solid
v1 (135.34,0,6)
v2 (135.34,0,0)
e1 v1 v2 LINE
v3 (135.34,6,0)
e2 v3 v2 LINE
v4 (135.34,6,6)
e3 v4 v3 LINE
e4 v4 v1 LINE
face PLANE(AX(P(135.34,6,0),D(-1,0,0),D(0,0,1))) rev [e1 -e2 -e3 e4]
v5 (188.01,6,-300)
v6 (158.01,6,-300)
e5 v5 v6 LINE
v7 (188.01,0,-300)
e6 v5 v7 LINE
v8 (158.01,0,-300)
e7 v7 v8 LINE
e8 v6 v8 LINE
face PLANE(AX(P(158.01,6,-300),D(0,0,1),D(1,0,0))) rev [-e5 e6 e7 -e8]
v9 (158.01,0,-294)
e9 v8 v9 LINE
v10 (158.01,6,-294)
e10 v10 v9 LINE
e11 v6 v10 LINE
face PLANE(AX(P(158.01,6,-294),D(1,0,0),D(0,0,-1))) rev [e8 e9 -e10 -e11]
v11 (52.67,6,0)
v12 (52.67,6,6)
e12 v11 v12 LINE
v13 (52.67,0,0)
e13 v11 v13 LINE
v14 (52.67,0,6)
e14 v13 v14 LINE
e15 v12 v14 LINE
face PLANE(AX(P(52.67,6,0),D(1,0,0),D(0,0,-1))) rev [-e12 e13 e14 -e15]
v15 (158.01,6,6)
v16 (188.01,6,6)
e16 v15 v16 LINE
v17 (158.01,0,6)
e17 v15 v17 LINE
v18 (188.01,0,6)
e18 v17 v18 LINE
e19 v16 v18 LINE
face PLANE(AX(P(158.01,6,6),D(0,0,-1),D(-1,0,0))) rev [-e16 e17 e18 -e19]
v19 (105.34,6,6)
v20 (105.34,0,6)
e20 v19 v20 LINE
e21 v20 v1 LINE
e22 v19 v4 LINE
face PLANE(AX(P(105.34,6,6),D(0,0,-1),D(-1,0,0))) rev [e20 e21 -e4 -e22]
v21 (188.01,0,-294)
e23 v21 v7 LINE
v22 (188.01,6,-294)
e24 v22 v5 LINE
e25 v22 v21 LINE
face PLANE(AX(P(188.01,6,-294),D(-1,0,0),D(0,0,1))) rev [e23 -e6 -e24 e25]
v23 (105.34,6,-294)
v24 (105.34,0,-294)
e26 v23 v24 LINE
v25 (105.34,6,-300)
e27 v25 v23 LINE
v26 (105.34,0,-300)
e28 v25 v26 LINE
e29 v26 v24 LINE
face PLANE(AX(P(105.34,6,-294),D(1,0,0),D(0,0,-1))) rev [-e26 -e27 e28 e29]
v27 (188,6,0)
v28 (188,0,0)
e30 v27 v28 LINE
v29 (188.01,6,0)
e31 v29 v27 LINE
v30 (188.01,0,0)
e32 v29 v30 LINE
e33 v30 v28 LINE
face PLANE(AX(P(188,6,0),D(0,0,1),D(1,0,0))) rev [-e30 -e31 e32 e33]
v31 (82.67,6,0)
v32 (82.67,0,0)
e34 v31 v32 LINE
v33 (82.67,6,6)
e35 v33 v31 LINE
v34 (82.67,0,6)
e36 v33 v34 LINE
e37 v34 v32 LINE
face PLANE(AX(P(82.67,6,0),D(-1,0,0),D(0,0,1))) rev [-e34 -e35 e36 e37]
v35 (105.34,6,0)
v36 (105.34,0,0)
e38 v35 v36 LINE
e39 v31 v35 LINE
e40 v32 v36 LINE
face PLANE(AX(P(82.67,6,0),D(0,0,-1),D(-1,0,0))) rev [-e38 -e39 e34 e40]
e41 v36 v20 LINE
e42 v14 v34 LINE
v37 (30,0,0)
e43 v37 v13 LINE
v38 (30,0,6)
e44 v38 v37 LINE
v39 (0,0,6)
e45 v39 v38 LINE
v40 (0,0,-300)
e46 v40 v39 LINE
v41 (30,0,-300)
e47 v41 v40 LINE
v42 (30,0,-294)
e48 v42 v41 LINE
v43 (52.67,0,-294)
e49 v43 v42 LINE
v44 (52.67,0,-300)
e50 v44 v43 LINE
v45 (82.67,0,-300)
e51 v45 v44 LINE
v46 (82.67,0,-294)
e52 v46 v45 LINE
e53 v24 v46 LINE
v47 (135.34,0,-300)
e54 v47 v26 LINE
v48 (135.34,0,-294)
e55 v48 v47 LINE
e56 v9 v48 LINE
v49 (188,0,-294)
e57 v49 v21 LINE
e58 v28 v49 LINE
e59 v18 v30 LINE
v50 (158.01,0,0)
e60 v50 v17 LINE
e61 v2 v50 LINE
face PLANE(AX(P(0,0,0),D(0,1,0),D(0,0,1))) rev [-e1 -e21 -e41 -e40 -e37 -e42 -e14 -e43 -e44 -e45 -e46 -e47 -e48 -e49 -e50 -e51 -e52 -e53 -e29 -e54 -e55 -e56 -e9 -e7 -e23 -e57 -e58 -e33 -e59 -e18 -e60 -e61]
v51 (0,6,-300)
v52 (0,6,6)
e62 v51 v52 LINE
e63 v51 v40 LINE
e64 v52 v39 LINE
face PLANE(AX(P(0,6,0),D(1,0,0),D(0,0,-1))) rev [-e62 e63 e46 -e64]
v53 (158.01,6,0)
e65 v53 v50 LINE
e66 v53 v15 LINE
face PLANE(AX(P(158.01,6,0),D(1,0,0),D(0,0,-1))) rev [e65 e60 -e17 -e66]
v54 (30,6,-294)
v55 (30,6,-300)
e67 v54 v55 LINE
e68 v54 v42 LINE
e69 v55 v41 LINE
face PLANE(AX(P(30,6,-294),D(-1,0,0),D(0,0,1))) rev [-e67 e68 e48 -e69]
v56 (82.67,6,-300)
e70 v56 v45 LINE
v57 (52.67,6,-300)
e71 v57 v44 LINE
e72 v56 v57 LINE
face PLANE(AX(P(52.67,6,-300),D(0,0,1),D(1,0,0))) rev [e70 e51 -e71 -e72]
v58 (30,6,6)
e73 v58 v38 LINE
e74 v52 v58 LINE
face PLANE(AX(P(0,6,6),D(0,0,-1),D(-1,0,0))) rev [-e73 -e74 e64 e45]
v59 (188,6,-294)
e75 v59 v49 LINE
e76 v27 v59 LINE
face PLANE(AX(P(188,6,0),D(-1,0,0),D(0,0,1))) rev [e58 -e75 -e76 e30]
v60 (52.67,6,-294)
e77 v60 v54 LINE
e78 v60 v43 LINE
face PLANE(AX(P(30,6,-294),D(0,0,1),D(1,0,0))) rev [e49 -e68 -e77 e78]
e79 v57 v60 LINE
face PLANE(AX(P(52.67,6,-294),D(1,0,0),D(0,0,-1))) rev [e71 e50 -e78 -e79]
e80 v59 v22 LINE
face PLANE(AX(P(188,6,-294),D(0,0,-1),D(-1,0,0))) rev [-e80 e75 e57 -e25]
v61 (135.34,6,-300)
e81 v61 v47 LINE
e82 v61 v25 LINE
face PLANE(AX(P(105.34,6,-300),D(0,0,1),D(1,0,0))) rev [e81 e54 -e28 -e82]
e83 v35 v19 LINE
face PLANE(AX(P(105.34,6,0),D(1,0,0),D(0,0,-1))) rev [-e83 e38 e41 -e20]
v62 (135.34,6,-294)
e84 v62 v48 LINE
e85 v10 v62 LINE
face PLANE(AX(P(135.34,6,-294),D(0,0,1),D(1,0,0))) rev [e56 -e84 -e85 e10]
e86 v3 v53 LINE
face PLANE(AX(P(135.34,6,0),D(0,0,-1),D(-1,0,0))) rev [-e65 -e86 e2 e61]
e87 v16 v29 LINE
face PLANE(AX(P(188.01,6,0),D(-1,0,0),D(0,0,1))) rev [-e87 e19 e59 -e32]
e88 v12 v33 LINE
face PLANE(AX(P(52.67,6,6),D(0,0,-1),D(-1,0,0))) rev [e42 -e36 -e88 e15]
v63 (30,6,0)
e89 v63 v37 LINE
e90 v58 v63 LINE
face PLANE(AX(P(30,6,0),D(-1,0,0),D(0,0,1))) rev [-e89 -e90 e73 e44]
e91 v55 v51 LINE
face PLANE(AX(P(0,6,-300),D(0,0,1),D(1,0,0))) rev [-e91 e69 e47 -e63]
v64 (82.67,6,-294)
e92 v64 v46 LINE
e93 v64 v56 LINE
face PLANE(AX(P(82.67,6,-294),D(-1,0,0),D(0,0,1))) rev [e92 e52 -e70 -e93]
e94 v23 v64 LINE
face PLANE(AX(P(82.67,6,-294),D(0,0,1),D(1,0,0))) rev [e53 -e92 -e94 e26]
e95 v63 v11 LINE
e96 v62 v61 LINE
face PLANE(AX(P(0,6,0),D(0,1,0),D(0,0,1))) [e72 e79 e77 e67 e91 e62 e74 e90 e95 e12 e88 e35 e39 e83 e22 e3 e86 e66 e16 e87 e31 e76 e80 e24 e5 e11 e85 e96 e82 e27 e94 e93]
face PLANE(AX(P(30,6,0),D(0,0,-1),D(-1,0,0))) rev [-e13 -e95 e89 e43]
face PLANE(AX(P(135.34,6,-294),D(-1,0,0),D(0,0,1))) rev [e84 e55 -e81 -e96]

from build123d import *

# Parameters (mm, degrees)
BOSS_EXTRU_2_DEPTH = 6


with BuildPart() as part:
    # Esquisse1 → Boss.-Extru.2 (new body)
    with BuildSketch(Plane(origin=(0, 0, 0), x_dir=(1, 0, 0), z_dir=(0, 1, 0))):
        Polygon((30, 0), (52.67, 0), (52.67, -6), (82.67, -6), (82.67, 0), (105.34, 0), (105.34, -6), (135.34, -6), (135.34, 0), (158.01, 0), (158.01, -6), (188.01, -6), (188.01, 0), (188, 0), (188, 294), (188.01, 294), (188.01, 300), (158.01, 300), (158.01, 294), (135.34, 294), (135.34, 300), (105.34, 300), (105.34, 294), (82.67, 294), (82.67, 300), (52.67, 300), (52.67, 294), (30, 294), (30, 300), (0, 300), (0, 294), (0, 0), (0, -6), (30, -6), align=None)
    extrude(amount=BOSS_EXTRU_2_DEPTH)


solid = part.part
